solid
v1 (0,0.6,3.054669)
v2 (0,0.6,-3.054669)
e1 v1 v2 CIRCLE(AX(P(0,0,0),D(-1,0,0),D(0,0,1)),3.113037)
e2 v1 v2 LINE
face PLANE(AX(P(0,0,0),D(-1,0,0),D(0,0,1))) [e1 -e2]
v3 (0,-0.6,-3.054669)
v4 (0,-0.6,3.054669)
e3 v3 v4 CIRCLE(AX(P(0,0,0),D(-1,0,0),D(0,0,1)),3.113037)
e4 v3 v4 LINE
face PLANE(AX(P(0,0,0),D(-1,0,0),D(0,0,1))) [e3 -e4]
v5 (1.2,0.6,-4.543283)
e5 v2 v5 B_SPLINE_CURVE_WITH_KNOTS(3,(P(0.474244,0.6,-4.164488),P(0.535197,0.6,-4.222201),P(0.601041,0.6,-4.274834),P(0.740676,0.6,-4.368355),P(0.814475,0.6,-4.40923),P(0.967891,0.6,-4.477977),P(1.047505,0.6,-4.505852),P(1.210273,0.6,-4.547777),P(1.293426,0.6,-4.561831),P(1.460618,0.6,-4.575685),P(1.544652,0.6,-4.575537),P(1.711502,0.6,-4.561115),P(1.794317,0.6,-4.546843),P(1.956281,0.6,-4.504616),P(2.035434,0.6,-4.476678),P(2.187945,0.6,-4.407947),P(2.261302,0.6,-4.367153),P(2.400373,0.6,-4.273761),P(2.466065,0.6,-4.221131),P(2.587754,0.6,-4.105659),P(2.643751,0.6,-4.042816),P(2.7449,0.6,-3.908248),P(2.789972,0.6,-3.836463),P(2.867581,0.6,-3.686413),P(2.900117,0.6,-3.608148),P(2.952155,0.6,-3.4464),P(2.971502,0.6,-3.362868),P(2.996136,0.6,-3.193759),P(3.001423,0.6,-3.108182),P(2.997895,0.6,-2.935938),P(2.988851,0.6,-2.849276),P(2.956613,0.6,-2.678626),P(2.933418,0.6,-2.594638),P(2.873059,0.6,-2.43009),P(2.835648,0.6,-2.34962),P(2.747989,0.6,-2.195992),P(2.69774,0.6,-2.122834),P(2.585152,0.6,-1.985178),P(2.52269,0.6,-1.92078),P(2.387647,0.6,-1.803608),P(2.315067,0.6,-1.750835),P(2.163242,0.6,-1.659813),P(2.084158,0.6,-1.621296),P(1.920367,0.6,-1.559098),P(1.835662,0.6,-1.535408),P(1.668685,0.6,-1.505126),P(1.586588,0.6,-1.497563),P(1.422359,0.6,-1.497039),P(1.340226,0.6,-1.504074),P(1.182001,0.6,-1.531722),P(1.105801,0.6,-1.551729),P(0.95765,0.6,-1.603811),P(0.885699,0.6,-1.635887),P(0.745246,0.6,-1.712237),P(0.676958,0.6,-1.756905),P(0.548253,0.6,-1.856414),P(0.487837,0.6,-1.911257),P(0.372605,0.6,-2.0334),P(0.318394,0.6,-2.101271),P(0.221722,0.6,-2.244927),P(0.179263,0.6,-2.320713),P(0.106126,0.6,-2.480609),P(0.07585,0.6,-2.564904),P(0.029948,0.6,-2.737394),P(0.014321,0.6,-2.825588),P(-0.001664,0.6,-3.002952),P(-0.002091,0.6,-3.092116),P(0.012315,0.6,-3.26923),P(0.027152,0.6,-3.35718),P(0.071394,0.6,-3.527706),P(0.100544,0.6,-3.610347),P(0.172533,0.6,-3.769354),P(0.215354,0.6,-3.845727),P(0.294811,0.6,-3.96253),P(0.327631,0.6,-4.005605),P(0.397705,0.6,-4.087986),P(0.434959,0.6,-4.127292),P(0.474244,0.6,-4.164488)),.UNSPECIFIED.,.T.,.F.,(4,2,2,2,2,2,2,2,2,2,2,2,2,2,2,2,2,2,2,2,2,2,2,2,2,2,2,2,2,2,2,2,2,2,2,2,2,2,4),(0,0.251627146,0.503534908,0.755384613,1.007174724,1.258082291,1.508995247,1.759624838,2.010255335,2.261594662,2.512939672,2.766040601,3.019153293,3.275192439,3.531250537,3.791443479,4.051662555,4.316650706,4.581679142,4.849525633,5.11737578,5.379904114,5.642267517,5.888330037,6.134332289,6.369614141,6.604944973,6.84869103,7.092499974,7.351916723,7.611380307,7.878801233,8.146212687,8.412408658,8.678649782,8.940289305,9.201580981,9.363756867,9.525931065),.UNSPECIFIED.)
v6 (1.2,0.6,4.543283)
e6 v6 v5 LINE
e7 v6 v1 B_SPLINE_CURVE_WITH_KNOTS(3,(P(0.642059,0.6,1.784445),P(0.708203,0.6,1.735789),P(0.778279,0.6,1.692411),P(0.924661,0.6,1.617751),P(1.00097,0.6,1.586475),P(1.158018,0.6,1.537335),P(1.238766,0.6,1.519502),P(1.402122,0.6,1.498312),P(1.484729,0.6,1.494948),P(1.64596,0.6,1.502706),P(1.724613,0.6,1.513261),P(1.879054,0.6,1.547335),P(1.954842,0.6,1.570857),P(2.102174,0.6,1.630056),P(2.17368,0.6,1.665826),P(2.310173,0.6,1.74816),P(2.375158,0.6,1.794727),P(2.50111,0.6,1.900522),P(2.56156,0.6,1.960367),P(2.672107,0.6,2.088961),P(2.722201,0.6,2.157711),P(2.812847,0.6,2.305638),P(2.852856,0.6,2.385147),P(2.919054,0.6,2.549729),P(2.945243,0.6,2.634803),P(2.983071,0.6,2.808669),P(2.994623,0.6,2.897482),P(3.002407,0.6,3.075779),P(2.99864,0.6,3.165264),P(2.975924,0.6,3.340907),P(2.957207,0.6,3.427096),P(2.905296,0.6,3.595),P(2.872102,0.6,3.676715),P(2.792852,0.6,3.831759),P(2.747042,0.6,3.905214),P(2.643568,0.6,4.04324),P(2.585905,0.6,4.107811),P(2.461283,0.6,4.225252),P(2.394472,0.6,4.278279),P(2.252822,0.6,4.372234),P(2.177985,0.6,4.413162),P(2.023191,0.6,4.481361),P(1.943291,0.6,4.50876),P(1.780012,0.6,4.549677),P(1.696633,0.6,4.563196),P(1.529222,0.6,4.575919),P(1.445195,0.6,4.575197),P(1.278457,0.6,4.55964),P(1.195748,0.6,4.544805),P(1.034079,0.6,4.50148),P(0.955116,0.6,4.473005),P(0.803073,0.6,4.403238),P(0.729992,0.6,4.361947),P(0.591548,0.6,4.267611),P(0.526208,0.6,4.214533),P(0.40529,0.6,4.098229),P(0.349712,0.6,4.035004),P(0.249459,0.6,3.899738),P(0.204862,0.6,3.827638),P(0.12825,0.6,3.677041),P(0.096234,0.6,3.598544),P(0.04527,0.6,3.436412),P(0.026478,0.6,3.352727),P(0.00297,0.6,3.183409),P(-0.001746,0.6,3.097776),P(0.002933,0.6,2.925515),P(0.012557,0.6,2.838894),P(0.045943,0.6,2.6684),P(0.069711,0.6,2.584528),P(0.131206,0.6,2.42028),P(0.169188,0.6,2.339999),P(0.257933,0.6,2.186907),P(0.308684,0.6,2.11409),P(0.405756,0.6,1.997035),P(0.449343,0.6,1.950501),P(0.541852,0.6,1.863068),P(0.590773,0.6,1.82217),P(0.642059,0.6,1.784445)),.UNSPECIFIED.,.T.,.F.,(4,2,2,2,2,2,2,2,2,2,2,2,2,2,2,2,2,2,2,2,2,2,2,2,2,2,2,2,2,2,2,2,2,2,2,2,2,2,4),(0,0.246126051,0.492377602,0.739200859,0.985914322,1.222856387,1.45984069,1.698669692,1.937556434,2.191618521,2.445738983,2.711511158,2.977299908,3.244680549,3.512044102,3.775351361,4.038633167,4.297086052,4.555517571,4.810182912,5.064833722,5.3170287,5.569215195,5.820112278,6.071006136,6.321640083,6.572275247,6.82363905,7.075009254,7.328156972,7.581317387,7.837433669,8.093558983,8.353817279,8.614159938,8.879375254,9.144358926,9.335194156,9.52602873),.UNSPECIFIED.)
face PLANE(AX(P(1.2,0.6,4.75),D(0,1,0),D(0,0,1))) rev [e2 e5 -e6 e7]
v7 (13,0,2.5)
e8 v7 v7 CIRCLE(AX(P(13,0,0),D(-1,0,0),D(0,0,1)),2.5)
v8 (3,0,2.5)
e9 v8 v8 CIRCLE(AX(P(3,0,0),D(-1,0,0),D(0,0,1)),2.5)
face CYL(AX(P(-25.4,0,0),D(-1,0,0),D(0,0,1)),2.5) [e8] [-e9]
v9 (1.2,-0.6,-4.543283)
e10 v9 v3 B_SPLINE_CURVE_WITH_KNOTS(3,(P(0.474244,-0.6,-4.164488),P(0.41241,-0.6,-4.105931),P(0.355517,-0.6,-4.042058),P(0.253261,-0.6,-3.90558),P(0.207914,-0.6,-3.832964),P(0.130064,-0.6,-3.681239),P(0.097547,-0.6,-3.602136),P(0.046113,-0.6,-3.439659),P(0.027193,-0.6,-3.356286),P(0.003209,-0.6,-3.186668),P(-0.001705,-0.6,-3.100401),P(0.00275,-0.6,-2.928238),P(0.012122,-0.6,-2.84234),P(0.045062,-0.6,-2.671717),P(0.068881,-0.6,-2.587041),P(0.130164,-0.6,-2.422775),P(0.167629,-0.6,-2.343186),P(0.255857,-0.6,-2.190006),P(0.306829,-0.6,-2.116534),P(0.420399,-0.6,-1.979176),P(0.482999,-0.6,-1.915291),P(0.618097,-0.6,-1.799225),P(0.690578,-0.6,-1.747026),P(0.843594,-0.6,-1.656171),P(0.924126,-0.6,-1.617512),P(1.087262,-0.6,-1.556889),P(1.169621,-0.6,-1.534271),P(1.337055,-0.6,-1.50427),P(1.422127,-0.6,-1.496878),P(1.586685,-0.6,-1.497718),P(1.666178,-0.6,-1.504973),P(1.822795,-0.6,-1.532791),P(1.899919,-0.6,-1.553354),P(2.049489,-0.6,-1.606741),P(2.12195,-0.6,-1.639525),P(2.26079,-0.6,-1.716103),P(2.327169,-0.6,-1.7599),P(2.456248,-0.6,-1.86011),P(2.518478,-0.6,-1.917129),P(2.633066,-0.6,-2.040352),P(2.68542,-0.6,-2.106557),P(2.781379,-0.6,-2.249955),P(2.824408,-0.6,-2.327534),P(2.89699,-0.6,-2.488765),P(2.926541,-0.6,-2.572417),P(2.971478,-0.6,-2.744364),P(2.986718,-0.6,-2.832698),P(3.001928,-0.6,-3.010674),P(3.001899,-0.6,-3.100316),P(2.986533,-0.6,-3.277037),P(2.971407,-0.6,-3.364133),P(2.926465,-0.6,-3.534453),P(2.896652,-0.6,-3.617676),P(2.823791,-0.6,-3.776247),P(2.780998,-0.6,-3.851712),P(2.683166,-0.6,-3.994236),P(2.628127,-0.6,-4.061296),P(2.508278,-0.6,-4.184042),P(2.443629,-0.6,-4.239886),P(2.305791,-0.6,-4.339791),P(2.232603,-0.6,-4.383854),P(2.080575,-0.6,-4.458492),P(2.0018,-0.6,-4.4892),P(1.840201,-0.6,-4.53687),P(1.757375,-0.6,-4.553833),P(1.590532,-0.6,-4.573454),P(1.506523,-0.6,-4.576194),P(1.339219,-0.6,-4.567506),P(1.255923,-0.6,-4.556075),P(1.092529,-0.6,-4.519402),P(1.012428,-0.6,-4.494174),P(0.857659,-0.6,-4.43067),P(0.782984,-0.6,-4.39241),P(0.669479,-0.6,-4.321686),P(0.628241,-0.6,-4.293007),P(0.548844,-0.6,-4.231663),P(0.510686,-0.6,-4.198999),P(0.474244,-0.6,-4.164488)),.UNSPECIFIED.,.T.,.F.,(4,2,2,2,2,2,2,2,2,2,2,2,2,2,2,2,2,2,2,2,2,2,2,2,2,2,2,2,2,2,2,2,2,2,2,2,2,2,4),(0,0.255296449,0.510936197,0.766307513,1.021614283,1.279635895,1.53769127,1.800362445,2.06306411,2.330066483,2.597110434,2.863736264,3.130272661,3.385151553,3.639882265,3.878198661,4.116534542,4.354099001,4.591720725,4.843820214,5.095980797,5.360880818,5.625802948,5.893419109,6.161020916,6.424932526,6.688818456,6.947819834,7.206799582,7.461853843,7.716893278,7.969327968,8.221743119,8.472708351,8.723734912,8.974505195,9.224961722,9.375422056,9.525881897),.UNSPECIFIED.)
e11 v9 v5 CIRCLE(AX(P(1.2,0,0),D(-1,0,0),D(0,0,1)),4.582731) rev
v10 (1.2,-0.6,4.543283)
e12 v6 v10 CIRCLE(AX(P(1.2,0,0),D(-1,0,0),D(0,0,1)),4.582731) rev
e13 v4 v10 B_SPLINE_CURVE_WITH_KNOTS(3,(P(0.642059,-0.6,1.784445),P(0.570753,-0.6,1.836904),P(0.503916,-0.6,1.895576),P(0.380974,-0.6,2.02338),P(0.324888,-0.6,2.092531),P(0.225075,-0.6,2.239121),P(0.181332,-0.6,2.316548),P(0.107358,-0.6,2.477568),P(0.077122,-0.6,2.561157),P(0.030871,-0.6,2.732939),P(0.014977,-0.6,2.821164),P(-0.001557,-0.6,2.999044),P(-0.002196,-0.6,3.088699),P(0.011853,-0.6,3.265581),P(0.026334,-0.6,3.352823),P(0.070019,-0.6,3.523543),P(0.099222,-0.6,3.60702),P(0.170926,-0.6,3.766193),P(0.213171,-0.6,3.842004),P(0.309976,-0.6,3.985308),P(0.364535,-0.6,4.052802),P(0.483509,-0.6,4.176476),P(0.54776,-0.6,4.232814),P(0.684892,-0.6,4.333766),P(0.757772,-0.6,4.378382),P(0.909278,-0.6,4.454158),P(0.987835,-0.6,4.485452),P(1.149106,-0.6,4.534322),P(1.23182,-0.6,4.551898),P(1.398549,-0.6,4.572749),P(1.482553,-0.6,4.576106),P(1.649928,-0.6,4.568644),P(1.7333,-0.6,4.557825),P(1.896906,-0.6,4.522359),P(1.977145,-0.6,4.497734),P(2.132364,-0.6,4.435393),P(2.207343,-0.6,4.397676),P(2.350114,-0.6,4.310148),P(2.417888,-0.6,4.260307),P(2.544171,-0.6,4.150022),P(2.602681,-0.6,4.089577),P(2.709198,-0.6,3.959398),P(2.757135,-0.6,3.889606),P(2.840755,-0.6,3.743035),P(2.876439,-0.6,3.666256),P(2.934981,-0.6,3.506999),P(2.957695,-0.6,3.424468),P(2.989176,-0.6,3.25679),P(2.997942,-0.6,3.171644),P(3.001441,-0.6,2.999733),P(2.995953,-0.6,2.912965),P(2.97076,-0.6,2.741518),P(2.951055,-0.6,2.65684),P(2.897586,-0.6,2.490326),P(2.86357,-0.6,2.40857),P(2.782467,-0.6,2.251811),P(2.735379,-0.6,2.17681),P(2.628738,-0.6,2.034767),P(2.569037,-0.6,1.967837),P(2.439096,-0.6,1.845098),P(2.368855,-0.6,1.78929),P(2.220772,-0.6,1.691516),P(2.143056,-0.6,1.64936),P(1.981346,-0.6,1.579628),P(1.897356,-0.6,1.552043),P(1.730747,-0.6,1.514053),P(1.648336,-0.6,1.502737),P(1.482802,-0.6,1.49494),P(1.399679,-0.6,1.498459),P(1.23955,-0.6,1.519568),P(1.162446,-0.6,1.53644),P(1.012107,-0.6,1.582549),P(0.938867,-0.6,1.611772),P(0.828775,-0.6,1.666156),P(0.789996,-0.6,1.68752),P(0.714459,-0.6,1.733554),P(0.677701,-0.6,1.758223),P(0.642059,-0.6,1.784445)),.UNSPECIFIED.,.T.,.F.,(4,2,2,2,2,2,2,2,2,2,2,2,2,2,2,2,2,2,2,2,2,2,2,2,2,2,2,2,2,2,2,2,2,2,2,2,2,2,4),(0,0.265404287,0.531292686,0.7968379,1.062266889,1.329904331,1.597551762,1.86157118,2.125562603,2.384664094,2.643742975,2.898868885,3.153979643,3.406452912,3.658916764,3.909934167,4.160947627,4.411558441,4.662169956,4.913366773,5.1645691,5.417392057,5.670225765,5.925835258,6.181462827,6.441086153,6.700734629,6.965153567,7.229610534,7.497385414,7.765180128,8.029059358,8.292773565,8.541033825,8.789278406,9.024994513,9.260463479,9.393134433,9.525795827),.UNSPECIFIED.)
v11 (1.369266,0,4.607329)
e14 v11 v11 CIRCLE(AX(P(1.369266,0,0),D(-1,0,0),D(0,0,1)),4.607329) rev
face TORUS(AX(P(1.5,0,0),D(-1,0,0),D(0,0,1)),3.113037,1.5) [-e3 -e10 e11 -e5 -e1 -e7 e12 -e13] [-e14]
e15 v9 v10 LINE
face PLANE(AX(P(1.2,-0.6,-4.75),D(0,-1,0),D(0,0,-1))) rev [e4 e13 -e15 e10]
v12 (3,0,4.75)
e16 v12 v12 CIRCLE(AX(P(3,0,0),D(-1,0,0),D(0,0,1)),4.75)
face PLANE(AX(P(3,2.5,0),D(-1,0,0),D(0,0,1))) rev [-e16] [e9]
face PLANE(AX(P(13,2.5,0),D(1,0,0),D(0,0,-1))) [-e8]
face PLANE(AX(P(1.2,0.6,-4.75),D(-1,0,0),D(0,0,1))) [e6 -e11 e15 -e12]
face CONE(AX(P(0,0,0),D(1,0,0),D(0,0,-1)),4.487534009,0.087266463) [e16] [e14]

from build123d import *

# Parameters (mm, degrees)
FILLET2_R  = 1.5
SKETCH2_W  = 9.5
SKETCH2_H  = 1.2
SLOT_DEPTH = 1.2


with BuildPart() as part:
    # BodySke → Base-Revolve (revolve)
    with BuildSketch(Plane.XY, mode=Mode.PRIVATE) as base_revolve_sk:
        Polygon((3, 2.5), (3, 4.75), (0, 4.487534009), (0, 0), (13, 0), (13, 2.5), align=None)
    revolve(base_revolve_sk.sketch.rotate(Axis((-25.4, 0, 0), (1, 0, 0)), 90), axis=Axis((-25.4, 0, 0), (1, 0, 0)))  # turned: the seam where the file's is

    # Fillet2
    fillet2_edges = [part.edges().sort_by_distance(p)[0] for p in [
        (0, 0, -4.487534009),
    ]]
    fillet(fillet2_edges, radius=FILLET2_R)

    # Sketch2 → Slot (cut)
    with BuildSketch(Plane(origin=(0, 0, 0), x_dir=(0, 0, -1), z_dir=(1, 0, 0))):
        Rectangle(SKETCH2_W, SKETCH2_H)
    extrude(amount=SLOT_DEPTH, mode=Mode.SUBTRACT)


solid = part.part
